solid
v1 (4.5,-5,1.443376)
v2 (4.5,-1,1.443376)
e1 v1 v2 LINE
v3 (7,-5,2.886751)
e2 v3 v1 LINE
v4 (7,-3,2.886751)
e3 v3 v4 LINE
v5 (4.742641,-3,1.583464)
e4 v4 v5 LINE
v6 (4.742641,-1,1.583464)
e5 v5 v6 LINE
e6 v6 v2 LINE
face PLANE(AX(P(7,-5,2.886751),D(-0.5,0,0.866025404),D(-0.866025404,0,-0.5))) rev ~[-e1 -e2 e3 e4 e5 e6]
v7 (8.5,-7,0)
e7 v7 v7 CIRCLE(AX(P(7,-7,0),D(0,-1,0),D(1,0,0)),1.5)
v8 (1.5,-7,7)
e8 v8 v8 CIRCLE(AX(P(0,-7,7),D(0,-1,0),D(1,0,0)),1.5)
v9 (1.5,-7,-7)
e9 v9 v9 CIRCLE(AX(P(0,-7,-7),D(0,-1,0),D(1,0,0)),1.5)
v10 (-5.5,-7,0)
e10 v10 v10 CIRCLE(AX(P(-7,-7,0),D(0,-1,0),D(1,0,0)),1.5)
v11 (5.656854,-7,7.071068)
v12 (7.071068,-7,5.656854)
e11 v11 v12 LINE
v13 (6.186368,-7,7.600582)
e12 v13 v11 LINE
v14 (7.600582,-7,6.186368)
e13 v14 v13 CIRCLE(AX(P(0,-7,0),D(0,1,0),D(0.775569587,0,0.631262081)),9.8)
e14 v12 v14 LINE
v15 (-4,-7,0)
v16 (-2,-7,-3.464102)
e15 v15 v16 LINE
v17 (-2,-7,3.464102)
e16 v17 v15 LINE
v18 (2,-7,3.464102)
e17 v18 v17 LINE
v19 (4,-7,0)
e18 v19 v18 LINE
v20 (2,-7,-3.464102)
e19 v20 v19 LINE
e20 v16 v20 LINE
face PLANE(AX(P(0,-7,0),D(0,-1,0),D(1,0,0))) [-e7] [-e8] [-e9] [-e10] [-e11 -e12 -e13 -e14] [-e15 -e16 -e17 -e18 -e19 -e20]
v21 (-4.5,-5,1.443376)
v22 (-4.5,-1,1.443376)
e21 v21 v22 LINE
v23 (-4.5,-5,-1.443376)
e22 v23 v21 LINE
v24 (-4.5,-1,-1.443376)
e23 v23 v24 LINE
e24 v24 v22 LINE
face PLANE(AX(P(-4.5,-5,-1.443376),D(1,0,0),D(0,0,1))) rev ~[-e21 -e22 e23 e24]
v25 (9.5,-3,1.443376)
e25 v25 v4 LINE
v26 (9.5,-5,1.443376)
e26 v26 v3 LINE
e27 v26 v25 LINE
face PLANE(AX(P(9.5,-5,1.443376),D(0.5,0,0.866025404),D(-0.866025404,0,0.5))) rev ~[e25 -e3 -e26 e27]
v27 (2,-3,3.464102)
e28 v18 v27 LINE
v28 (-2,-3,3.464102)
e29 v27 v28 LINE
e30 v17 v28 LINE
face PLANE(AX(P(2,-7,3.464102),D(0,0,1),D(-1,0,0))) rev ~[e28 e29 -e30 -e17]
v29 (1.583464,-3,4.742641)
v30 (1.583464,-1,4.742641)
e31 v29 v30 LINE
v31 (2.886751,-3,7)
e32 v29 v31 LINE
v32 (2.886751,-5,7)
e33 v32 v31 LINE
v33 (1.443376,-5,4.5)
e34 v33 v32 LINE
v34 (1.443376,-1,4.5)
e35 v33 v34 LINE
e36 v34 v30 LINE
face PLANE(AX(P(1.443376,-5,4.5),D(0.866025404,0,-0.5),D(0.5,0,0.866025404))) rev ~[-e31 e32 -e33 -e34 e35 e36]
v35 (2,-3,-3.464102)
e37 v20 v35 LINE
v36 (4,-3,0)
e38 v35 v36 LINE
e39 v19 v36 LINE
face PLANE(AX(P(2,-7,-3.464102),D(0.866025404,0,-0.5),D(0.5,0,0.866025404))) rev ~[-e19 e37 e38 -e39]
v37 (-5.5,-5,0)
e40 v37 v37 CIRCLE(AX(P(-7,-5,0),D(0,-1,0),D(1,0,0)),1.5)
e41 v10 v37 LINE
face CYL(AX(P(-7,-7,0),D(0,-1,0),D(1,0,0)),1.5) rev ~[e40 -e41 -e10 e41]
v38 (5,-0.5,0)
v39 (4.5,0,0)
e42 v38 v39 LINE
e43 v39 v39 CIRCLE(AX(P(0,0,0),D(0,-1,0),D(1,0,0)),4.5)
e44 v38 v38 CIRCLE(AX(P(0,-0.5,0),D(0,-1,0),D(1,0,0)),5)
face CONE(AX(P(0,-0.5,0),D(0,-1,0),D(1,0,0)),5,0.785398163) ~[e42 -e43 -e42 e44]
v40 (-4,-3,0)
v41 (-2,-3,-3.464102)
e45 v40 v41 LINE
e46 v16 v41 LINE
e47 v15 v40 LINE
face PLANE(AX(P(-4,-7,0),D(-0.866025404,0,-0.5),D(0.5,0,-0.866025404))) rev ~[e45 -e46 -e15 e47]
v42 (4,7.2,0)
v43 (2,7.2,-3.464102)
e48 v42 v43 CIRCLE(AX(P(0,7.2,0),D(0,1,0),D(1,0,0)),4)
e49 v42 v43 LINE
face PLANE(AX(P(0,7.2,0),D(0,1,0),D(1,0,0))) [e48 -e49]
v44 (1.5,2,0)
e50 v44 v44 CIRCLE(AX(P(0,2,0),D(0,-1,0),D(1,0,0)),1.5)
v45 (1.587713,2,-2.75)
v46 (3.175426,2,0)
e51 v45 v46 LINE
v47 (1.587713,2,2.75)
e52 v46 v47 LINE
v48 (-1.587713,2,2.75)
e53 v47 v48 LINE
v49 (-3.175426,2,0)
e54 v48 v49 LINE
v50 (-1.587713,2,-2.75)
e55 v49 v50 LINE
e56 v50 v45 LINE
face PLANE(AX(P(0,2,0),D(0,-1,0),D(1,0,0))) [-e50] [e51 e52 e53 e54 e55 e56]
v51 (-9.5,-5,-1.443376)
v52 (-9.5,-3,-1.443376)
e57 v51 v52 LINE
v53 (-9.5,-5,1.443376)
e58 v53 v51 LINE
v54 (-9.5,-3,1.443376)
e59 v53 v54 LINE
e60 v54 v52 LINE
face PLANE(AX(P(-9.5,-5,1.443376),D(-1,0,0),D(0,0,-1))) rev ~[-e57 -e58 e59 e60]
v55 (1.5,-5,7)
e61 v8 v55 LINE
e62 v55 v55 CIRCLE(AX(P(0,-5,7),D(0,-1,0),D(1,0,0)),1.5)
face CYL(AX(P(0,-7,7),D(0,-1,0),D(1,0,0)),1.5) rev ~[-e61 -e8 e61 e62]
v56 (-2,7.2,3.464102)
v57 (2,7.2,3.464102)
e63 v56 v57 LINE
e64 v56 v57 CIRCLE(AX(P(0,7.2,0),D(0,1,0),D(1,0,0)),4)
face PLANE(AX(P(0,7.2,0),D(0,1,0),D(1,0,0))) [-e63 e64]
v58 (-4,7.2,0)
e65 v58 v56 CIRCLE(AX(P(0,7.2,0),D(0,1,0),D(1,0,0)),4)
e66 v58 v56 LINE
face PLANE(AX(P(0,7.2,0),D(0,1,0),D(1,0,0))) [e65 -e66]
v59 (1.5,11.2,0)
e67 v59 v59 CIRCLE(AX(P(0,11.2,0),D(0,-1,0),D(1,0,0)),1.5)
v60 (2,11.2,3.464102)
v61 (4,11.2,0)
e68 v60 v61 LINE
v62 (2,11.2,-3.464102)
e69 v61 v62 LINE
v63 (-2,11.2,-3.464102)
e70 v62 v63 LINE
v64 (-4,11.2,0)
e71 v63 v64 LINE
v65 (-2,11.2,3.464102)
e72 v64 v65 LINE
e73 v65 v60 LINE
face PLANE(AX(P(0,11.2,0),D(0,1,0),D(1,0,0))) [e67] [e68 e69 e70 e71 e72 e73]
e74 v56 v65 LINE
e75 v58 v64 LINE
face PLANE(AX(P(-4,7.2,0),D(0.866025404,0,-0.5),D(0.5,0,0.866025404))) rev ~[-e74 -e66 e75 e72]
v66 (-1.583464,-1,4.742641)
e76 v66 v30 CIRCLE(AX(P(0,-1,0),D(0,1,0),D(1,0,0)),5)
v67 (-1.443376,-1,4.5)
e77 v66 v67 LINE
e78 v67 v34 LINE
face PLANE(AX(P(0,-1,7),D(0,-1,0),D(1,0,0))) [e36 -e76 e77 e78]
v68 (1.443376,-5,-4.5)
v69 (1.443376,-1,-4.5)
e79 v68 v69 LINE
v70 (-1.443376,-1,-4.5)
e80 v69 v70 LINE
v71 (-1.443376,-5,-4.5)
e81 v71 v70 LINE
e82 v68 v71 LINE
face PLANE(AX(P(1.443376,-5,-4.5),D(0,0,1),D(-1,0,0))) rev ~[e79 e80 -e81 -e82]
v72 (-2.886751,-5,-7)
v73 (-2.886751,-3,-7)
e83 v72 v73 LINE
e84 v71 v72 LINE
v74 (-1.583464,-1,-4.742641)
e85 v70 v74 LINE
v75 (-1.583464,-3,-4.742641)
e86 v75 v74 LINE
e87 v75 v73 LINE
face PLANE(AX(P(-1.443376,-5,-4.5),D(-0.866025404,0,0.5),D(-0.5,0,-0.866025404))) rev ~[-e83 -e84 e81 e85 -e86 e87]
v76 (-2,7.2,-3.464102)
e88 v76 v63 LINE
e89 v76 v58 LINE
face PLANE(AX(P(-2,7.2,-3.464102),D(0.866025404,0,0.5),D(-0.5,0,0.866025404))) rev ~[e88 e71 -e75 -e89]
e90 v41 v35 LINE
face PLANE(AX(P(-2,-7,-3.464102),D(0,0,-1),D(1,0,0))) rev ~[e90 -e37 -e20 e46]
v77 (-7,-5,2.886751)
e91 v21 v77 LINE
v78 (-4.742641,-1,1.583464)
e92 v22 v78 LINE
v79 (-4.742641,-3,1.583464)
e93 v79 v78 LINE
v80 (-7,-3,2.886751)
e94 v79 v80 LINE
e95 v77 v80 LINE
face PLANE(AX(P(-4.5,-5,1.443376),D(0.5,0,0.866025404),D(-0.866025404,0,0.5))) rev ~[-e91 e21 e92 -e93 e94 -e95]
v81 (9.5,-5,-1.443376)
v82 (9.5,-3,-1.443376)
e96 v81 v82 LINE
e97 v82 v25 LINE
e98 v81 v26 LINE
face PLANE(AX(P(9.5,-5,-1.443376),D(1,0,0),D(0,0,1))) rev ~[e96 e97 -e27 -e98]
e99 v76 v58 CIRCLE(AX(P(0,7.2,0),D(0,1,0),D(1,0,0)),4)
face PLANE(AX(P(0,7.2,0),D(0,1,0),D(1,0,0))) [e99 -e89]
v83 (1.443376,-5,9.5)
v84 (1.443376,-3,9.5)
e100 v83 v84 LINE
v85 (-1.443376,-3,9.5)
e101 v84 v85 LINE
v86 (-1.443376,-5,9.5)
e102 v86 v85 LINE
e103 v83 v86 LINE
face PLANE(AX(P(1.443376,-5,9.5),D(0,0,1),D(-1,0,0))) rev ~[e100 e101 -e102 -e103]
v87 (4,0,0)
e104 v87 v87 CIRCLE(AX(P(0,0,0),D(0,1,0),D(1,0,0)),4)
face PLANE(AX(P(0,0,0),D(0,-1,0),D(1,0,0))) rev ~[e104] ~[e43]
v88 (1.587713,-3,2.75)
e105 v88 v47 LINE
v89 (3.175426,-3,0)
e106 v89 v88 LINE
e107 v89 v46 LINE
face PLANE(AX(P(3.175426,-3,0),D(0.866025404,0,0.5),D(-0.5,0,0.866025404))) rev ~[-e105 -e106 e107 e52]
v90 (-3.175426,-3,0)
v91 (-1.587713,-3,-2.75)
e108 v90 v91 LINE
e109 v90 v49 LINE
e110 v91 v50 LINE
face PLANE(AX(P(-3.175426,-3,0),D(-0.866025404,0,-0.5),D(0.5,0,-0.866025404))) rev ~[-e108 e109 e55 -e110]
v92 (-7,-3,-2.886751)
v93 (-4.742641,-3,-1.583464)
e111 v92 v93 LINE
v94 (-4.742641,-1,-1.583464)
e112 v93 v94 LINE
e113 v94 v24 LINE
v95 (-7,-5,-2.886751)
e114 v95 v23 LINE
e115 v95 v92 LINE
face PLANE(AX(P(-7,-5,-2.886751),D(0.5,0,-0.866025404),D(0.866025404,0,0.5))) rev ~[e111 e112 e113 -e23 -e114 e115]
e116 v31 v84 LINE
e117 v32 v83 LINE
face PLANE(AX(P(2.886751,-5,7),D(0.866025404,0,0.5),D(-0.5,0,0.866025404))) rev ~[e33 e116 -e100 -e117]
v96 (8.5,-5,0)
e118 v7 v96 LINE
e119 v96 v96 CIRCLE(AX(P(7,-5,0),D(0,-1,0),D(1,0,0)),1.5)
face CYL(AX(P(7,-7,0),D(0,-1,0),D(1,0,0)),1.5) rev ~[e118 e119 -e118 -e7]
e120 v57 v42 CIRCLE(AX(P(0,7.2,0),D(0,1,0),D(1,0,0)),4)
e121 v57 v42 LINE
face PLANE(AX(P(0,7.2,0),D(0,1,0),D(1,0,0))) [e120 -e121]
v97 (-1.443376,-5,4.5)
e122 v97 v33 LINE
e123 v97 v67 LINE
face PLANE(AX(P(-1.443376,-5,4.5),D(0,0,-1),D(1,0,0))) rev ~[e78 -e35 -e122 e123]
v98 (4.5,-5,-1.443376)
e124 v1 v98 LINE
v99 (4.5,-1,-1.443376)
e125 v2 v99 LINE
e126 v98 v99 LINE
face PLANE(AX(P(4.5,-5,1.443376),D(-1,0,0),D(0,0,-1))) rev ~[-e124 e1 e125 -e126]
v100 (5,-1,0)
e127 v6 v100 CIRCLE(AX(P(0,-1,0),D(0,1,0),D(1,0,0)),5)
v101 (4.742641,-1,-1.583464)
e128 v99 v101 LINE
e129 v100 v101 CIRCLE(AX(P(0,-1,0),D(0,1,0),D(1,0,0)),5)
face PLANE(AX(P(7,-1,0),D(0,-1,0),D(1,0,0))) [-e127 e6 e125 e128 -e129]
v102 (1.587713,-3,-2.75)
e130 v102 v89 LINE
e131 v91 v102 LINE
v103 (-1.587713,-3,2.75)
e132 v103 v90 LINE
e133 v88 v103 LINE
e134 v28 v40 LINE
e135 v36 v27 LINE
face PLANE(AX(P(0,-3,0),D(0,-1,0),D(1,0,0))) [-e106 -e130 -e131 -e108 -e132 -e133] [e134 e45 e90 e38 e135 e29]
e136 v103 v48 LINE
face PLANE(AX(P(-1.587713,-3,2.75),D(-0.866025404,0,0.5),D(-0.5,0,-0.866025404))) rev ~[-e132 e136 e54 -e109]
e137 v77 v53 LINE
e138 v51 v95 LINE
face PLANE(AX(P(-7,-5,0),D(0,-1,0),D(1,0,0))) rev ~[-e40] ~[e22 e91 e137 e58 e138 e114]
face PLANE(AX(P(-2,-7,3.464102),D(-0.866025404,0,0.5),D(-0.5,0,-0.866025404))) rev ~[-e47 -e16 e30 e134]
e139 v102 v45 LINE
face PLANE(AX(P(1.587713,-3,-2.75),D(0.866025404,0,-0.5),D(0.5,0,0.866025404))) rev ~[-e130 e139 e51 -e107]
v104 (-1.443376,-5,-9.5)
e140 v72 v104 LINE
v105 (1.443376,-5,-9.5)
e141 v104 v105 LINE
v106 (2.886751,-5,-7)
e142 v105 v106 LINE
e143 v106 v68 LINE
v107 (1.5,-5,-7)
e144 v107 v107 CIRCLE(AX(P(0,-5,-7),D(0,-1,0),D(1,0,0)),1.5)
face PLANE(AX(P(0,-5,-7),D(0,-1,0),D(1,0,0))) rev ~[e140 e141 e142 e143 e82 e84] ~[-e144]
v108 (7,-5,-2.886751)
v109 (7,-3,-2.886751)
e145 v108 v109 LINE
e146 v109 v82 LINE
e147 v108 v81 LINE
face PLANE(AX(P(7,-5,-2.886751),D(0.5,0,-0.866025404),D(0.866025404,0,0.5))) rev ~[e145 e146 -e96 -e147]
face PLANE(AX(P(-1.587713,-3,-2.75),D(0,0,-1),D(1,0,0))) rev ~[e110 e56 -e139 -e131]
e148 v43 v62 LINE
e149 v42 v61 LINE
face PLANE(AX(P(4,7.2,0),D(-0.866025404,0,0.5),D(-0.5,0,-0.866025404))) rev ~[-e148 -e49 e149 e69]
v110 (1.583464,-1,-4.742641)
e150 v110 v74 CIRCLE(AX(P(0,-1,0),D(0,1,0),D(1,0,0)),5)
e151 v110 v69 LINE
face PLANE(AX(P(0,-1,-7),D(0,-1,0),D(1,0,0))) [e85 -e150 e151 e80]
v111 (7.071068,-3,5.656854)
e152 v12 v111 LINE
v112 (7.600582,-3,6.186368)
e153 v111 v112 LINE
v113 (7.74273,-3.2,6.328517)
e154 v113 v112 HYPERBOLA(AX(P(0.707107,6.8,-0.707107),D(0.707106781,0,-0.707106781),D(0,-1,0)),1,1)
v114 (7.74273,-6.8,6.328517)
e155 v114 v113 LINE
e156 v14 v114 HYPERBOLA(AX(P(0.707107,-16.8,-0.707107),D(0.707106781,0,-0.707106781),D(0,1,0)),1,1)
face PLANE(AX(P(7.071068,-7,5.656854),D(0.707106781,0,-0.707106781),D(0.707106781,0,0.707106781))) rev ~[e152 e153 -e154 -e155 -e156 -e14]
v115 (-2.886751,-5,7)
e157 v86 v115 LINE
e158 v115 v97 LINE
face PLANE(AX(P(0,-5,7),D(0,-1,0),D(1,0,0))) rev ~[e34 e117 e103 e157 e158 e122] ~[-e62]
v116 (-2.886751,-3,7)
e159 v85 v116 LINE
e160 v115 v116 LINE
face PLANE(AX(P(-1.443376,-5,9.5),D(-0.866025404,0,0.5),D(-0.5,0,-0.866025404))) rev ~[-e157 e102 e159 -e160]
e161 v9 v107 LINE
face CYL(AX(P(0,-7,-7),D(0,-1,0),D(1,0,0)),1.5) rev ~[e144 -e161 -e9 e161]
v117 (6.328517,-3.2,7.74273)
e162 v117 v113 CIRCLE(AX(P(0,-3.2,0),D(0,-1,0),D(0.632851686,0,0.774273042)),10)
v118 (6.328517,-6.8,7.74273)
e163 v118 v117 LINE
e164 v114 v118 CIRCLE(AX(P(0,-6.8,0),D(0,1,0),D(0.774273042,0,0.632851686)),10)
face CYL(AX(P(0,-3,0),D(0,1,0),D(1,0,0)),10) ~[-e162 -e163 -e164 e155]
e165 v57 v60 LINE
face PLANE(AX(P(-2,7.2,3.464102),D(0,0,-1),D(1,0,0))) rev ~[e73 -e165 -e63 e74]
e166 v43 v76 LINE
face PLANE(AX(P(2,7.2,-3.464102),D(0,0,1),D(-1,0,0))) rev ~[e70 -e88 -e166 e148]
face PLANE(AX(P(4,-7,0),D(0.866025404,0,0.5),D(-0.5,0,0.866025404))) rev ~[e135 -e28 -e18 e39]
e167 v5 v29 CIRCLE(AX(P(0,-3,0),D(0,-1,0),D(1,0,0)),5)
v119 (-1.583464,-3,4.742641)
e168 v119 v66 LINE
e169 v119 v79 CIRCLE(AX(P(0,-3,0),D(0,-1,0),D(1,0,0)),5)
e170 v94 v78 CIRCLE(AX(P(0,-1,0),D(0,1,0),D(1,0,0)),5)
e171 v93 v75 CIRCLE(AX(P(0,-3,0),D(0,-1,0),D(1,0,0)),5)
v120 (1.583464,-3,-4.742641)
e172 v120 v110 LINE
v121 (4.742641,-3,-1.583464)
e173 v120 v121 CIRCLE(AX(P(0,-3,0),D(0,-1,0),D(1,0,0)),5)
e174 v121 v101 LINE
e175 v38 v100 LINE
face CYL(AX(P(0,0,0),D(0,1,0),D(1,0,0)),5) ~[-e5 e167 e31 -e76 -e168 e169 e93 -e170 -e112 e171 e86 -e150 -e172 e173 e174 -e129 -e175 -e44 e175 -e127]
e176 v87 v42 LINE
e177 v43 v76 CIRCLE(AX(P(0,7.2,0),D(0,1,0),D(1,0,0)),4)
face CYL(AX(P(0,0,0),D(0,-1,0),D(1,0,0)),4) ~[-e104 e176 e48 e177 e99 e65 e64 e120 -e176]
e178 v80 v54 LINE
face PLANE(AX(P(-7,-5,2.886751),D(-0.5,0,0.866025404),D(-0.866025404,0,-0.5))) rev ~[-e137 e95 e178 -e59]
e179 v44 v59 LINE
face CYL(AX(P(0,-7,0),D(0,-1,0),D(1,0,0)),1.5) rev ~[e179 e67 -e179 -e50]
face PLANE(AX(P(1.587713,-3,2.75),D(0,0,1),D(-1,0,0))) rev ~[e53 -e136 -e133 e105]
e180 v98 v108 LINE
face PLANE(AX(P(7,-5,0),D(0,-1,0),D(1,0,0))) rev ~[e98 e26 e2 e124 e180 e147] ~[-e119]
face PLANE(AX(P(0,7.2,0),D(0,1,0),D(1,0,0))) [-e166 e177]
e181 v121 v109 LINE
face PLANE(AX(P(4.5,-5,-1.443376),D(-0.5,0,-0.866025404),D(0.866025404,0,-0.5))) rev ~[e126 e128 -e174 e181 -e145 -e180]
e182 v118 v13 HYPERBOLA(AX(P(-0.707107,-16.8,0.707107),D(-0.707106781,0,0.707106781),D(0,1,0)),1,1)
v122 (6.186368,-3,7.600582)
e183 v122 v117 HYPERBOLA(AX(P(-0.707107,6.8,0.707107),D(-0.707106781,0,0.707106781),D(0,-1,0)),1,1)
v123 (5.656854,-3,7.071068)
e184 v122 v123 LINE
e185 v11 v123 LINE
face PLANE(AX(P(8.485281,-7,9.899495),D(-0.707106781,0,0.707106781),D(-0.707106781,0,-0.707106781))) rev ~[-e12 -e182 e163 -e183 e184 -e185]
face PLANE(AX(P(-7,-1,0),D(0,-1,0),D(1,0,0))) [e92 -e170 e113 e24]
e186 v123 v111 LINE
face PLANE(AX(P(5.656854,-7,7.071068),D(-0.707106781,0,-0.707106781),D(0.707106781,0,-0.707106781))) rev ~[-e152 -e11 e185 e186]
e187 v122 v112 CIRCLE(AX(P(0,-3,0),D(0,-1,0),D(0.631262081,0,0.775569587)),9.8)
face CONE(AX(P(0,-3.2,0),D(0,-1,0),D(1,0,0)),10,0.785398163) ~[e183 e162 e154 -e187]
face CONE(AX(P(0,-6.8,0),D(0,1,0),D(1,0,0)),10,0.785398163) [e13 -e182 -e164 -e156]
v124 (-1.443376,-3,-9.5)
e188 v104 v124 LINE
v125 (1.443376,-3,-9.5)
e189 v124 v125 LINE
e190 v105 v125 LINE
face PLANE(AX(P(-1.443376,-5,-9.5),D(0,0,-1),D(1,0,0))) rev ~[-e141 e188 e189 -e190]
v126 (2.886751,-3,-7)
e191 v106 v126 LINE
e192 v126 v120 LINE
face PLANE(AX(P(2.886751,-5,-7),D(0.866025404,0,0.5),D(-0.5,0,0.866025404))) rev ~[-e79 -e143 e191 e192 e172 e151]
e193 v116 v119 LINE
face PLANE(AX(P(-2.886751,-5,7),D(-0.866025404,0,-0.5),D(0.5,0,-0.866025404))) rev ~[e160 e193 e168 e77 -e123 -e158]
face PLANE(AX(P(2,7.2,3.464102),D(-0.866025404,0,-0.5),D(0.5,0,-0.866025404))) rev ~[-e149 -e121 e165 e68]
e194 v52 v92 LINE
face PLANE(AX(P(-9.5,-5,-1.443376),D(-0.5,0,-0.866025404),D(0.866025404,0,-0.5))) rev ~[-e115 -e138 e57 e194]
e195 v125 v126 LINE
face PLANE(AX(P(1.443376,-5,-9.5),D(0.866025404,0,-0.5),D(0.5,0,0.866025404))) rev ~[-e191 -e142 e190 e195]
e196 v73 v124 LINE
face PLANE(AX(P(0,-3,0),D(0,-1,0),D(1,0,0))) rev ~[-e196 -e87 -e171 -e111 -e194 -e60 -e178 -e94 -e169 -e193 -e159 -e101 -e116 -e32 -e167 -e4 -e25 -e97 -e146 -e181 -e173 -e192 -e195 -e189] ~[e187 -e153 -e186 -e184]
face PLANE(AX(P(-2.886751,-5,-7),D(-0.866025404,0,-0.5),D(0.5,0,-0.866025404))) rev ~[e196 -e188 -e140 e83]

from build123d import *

# Parameters (mm, degrees)
SKETCH1_R           = 4
BOSS_EXTRUDE1_DEPTH = 7.2
BOSS_EXTRUDE2_DEPTH = 4
SKETCH3_R           = 5
BOSS_EXTRUDE3_DEPTH = 3
CHAMFER1_SIZE       = 0.5
SKETCH4_R           = 10
BOSS_EXTRUDE4_DEPTH = 4
CHAMFER2_SIZE       = 0.2
SKETCH5_R           = 1.5
CUT_EXTRUDE1_DEPTH  = 24.048644212
SKETCH6_R           = 1.5
CUT_EXTRUDE2_DEPTH  = 4
SKETCH7_R           = 1.5
CUT_EXTRUDE3_DEPTH  = 4
CUT_EXTRUDE4_START  = -2
SKETCH7_3_R         = 1.5
CUT_EXTRUDE4_DEPTH  = 4
CUT_EXTRUDE5_DEPTH  = 5
CUT_EXTRUDE6_DEPTH  = 10


with BuildPart() as part:
    # Sketch1 → Boss-Extrude1 (new body)
    with BuildSketch(Plane(origin=(0, 0, 0), x_dir=(1, 0, 0), z_dir=(0, 1, 0))):
        Circle(SKETCH1_R)
    extrude(amount=BOSS_EXTRUDE1_DEPTH)

    # Sketch2 → Boss-Extrude2 (add)
    with BuildSketch(Plane(origin=(0, 7.2, 0), x_dir=(1, 0, 0), z_dir=(0, 1, 0))):
        Polygon((4, 0), (2, 3.464101615), (-2, 3.464101615), (-4, 0), (-2, -3.464101615), (2, -3.464101615), align=None)
    extrude(amount=BOSS_EXTRUDE2_DEPTH)

    # Sketch3 → Boss-Extrude3 (add)
    with BuildSketch(Plane.XZ):
        Circle(SKETCH3_R)
    extrude(amount=BOSS_EXTRUDE3_DEPTH)

    # Chamfer1
    chamfer1_edges = [part.edges().sort_by_distance(p)[0] for p in [
        (-5, 0, 0),
    ]]
    chamfer(chamfer1_edges, length=CHAMFER1_SIZE)

    # Sketch4 → Boss-Extrude4 (add)
    with BuildSketch(Plane.XZ.offset(3)):
        Circle(SKETCH4_R)
    extrude(amount=BOSS_EXTRUDE4_DEPTH)

    # Chamfer2
    chamfer2_edges = [part.edges().sort_by_distance(p)[0] for p in [
        (-10, -7, 0),
        (-10, -3, 0),
    ]]
    chamfer(chamfer2_edges, length=CHAMFER2_SIZE)

    # Sketch5 → Cut-Extrude1 (cut, through all)
    with BuildSketch(Plane.XZ.offset(7)):
        Circle(SKETCH5_R)
    extrude(amount=-CUT_EXTRUDE1_DEPTH, mode=Mode.SUBTRACT)

    # Sketch6 → Cut-Extrude2 (cut)
    with BuildSketch(Plane.XZ.offset(7)):
        Polygon((4, 0), (2, 3.464101615), (-2, 3.464101615), (-4, 0), (-2, -3.464101615), (2, -3.464101615), align=None)
        Circle(SKETCH6_R, mode=Mode.SUBTRACT)
    extrude(amount=-CUT_EXTRUDE2_DEPTH, mode=Mode.SUBTRACT)

    # Sketch7 → Cut-Extrude3 (cut)
    with BuildSketch(Plane.XZ.offset(7)):
        with Locations((-7, 0)):
            Circle(SKETCH7_R)
        with Locations((0, 7)):
            Circle(SKETCH7_R)
        with Locations((7, 0)):
            Circle(SKETCH7_R)
        with Locations((0, -7)):
            Circle(SKETCH7_R)
    extrude(amount=-CUT_EXTRUDE3_DEPTH, mode=Mode.SUBTRACT)

    # Sketch7<3> → Cut-Extrude4 (cut)
    # profile 1 of 4: a face of its own
    with BuildSketch(Plane.XZ.offset(7).offset(CUT_EXTRUDE4_START)):
        Polygon((1.443375673, 4.5), (2.886751346, 7), (1.443375673, 9.5), (-1.443375673, 9.5), (-2.886751346, 7), (-1.443375673, 4.5), align=None)
        with Locations((0, 7)):
            Circle(SKETCH7_3_R, mode=Mode.SUBTRACT)
    # profile 2 of 4: a face of its own
    with BuildSketch(Plane.XZ.offset(7).offset(CUT_EXTRUDE4_START)):
        Polygon((-4.5, 1.443375673), (-7, 2.886751346), (-9.5, 1.443375673), (-9.5, -1.443375673), (-7, -2.886751346), (-4.5, -1.443375673), align=None)
        with Locations((-7, 0)):
            Circle(SKETCH7_3_R, mode=Mode.SUBTRACT)
    # profile 3 of 4: a face of its own
    with BuildSketch(Plane.XZ.offset(7).offset(CUT_EXTRUDE4_START)):
        Polygon((4.5, -1.443375673), (7, -2.886751346), (9.5, -1.443375673), (9.5, 1.443375673), (7, 2.886751346), (4.5, 1.443375673), align=None)
        with Locations((7, 0)):
            Circle(SKETCH7_3_R, mode=Mode.SUBTRACT)
    # profile 4 of 4: a face of its own
    with BuildSketch(Plane.XZ.offset(7).offset(CUT_EXTRUDE4_START)):
        Polygon((-1.443375673, -4.5), (-2.886751346, -7), (-1.443375673, -9.5), (1.443375673, -9.5), (2.886751346, -7), (1.443375673, -4.5), align=None)
        with Locations((0, -7)):
            Circle(SKETCH7_3_R, mode=Mode.SUBTRACT)
    extrude(amount=-CUT_EXTRUDE4_DEPTH, mode=Mode.SUBTRACT)

    # Sketch8 → Cut-Extrude5 (cut)
    with BuildSketch(Plane.XZ.offset(3)):
        Polygon((1.58771324, 2.75), (-1.58771324, 2.75), (-3.175426481, 0), (-1.58771324, -2.75), (1.58771324, -2.75), (3.175426481, 0), align=None)
    extrude(amount=-CUT_EXTRUDE5_DEPTH, mode=Mode.SUBTRACT)

    # Sketch9 → Cut-Extrude6 (cut)
    with BuildSketch(Plane.XZ.offset(7)):
        Polygon((8.485281374, 9.899494937), (5.656854249, 7.071067812), (7.071067812, 5.656854249), (9.899494937, 8.485281374), align=None)
    extrude(amount=-CUT_EXTRUDE6_DEPTH, mode=Mode.SUBTRACT)


solid = part.part
